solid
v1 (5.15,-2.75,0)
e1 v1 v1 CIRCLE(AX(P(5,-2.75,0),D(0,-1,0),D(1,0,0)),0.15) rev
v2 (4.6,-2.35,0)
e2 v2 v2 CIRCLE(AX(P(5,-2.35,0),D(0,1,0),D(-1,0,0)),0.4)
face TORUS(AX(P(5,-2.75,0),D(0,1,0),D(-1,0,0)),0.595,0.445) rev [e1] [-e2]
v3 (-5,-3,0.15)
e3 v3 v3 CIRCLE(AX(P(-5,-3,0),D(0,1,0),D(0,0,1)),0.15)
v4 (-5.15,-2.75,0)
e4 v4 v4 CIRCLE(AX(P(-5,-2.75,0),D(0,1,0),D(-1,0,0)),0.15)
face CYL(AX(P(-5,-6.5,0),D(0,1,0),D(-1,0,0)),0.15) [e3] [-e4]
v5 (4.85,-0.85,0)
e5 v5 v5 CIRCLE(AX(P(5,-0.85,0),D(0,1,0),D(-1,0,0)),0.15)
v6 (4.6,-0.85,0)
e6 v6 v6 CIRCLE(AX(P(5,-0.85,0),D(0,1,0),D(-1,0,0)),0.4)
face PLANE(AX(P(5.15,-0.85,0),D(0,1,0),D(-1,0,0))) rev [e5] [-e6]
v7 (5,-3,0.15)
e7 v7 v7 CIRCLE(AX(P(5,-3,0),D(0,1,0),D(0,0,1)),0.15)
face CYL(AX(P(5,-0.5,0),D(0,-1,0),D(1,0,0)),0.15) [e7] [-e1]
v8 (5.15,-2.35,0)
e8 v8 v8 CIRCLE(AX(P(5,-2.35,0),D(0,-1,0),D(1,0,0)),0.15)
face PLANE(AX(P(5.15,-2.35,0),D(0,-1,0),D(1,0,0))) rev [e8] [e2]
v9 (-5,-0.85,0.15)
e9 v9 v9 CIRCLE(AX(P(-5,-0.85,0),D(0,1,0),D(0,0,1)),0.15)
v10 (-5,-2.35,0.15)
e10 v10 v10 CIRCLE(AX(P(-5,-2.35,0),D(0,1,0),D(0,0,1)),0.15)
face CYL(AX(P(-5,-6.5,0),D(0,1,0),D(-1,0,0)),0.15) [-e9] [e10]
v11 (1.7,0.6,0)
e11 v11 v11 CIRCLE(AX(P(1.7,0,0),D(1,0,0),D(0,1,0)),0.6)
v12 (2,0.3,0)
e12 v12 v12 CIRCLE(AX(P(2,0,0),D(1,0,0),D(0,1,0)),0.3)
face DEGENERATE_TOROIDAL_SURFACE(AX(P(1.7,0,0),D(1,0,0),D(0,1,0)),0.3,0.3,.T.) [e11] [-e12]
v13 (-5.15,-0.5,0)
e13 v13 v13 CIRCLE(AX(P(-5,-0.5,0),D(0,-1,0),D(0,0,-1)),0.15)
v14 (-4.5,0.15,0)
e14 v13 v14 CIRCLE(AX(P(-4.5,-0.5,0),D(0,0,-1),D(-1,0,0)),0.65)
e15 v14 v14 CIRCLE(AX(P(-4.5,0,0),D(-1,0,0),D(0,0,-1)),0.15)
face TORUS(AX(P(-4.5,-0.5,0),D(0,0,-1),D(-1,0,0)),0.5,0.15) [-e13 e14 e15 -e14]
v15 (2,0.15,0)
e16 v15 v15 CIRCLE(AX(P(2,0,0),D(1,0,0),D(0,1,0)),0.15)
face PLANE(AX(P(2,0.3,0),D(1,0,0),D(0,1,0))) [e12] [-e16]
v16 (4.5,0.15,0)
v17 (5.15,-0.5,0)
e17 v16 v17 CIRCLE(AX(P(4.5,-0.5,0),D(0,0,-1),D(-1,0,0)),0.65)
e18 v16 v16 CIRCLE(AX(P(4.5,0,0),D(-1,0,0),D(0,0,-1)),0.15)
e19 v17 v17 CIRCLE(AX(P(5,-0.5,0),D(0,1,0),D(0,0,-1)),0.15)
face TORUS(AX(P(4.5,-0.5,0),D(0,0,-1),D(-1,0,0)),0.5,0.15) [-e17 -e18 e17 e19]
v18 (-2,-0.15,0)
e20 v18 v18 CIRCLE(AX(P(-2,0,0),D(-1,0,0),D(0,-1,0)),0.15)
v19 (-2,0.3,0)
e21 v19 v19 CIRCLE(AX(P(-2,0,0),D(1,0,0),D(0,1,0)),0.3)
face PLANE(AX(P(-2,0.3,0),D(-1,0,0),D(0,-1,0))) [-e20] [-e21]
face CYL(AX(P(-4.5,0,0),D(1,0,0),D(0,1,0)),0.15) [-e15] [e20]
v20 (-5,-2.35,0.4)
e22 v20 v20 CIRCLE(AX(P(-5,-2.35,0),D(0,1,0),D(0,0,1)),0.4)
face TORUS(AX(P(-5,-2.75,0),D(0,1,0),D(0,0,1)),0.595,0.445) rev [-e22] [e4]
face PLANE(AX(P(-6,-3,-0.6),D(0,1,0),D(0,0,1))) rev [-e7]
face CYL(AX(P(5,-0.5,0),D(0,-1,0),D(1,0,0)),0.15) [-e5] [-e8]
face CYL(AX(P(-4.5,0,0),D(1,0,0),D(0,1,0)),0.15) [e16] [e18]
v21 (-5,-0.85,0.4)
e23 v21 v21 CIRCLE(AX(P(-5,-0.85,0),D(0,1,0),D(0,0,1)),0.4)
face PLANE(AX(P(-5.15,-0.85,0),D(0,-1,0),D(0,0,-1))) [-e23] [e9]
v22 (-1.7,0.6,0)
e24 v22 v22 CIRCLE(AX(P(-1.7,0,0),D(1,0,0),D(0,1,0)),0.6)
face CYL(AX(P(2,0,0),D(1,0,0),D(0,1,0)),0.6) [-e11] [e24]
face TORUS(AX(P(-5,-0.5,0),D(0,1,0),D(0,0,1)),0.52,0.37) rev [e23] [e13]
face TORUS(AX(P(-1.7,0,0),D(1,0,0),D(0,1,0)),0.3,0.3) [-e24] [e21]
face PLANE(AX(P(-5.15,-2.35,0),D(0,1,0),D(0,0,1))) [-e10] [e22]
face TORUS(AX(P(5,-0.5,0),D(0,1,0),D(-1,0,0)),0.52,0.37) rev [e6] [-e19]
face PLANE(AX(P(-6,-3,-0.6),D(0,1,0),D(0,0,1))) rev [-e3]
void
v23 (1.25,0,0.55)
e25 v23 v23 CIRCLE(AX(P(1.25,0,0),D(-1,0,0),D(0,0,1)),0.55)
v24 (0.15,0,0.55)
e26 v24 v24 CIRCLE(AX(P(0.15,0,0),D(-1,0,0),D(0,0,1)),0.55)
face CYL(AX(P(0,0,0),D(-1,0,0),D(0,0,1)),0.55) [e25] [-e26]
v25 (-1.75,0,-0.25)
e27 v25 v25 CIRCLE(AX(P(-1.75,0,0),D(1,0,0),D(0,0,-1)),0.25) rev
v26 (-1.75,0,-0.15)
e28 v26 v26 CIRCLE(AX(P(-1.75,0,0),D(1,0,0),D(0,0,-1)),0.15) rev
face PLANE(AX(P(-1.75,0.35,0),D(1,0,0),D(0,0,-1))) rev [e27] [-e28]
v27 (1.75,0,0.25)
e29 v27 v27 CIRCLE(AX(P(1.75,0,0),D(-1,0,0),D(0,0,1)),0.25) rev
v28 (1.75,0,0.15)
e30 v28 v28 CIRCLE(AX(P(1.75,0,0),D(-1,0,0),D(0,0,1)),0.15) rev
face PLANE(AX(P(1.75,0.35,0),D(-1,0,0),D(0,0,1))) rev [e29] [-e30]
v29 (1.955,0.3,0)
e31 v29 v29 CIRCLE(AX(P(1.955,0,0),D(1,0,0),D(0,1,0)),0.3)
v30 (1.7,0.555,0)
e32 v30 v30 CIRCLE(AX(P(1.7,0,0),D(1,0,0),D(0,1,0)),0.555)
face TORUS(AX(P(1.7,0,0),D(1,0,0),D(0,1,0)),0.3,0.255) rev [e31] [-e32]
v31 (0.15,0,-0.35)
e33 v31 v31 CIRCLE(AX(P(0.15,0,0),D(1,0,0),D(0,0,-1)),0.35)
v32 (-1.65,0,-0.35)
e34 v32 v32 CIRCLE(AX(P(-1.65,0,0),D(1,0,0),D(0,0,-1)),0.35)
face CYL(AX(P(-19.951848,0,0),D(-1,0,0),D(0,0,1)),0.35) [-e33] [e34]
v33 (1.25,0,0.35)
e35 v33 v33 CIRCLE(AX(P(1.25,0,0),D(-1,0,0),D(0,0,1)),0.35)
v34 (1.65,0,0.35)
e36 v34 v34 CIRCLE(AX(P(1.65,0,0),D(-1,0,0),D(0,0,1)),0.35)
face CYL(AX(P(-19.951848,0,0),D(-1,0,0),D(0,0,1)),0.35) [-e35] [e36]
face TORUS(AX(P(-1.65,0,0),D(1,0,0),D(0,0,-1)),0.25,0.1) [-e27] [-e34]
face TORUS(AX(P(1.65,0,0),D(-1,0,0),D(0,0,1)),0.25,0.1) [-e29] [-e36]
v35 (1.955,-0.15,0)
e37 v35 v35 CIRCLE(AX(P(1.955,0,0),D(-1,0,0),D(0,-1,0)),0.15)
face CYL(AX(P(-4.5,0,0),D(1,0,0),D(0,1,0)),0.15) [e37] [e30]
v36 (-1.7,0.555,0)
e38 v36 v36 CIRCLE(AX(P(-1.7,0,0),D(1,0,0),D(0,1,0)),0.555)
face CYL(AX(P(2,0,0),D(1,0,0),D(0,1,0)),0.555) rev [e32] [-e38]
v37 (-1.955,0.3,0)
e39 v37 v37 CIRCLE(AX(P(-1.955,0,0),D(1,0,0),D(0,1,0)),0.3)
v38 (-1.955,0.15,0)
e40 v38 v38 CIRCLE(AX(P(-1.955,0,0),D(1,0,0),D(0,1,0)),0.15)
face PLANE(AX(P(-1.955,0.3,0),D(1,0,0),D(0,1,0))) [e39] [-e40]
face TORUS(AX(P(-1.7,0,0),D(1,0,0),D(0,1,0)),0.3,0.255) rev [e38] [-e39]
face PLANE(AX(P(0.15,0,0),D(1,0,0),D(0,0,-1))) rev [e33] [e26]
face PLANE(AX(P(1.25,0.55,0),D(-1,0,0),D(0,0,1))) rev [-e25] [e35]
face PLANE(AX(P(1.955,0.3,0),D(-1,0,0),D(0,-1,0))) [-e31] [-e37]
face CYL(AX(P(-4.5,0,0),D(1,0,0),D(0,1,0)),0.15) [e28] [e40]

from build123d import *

# Parameters (mm, degrees)
SKETCH1_W               = 3.5
SKETCH1_H               = 0.35
FILLET1_R               = 0.1
SKETCH2_W               = 1.1
SKETCH2_H               = 0.55
SKETCH3_R               = 0.15
SKETCH6_W               = 12
SKETCH6_H               = 5
CUT_EXTRUDE1_DEPTH      = 1.6000001
CUT_EXTRUDE1_DEPTH_BACK = 1.6000001


with BuildPart() as part:
    # Sketch1 → Base-Revolve (revolve)
    with BuildSketch(Plane.XY, mode=Mode.PRIVATE) as base_revolve_sk:
        with Locations((0, 0.175)):
            Rectangle(SKETCH1_W, SKETCH1_H)
    revolve(base_revolve_sk.sketch.rotate(Axis((-19.951848249, 0, 0), (1, 0, 0)), 90), axis=Axis((-19.951848249, 0, 0), (1, 0, 0)))  # turned: the seam where the file's is

    # Fillet1
    fillet1_edges = [part.edges().sort_by_distance(p)[0] for p in [
        (1.75, 0, -0.35),
        (-1.75, 0, -0.35),
    ]]
    fillet(fillet1_edges, radius=FILLET1_R)

    # Sketch2 → Boss-Revolve1 (revolve)
    with BuildSketch(Plane.XY, mode=Mode.PRIVATE) as boss_revolve1_sk:
        with Locations((0.7, 0.275)):
            Rectangle(SKETCH2_W, SKETCH2_H)
    revolve(boss_revolve1_sk.sketch.rotate(Axis((0, 0, 0), (1, 0, 0)), 90), axis=Axis((0, 0, 0), (1, 0, 0)))  # turned: the seam where the file's is

    # Boss-Sweep1: sweep along a path in Sketch4
    with BuildLine(Plane.XY) as boss_sweep1_path:
        Line((0, -7), (-4.5, -7))
        ThreePointArc((-4.5, -7), (-4.853553391, -6.853553391), (-5, -6.5))
        Line((-5, -6.5), (-5, -0.5))
        ThreePointArc((-5, -0.5), (-4.853553391, -0.146446609), (-4.5, 0))
        Line((-4.5, 0), (4.5, 0))
        ThreePointArc((4.5, 0), (4.853553391, -0.146446609), (5, -0.5))
        Line((5, -0.5), (5, -6.5))
        ThreePointArc((5, -6.5), (4.853553391, -6.853553391), (4.5, -7))
        Line((4.5, -7), (0, -7))
    # Sketch3 → Boss-Sweep1 (sweep)
    with BuildSketch(Plane(origin=(0, 0, 0), x_dir=(0, 0, -1), z_dir=(1, 0, 0))):
        with Locations((0, -7)):
            Circle(SKETCH3_R)
    sweep(path=boss_sweep1_path.line)

    # Sketch5 → Boss-Revolve2 (revolve)
    with BuildSketch(Plane.XY):
        with BuildLine():
            Line((-1.7, 0.6), (1.7, 0.6))
            ThreePointArc((1.7, 0.6), (1.912132034, 0.512132034), (2, 0.3))
            Line((2, 0.3), (2, 0))
            Line((2, 0), (1.955, 0))
            Line((1.955, 0), (1.955, 0.3))
            ThreePointArc((1.955, 0.3), (1.880312229, 0.480312229), (1.7, 0.555))
            Line((1.7, 0.555), (-1.7, 0.555))
            ThreePointArc((-1.7, 0.555), (-1.880312229, 0.480312229), (-1.955, 0.3))
            Line((-1.955, 0.3), (-1.955, 0))
            Line((-1.955, 0), (-2, 0))
            Line((-2, 0), (-2, 0.3))
            ThreePointArc((-2, 0.3), (-1.912132034, 0.512132034), (-1.7, 0.6))
        make_face()
    revolve(axis=Axis((2, 0, 0), (-1, 0, 0)))

    # Sketch6 → Cut-Extrude1 (cut, two sides)
    with BuildSketch(Plane.XY) as cut_extrude1_sk:
        with Locations((0, -5.5)):
            Rectangle(SKETCH6_W, SKETCH6_H)
    extrude(amount=CUT_EXTRUDE1_DEPTH, mode=Mode.SUBTRACT)
    extrude(cut_extrude1_sk.sketch, amount=-CUT_EXTRUDE1_DEPTH_BACK, mode=Mode.SUBTRACT)

    # Sketch7 → Revolve1 (revolve)
    with BuildSketch(Plane.XY, mode=Mode.PRIVATE) as revolve1_sk:
        with BuildLine():
            Line((-5.15, -0.85), (-5.4, -0.85))
            ThreePointArc((-5.4, -0.85), (-5.218918616, -0.715058132), (-5.15, -0.5))
            Line((-5.15, -0.5), (-5.15, -0.85))
        make_face()
        with BuildLine():
            Line((-5.15, -2.35), (-5.15, -2.75))
            ThreePointArc((-5.15, -2.75), (-5.217640755, -2.514150472), (-5.4, -2.35))
            Line((-5.4, -2.35), (-5.15, -2.35))
        make_face()
    revolve(revolve1_sk.sketch.rotate(Axis((-5, -0.5, 0), (0, -1, 0)), 270), axis=Axis((-5, -0.5, 0), (0, -1, 0)))  # turned: the seam where the file's is

    # Sketch8 → Revolve2 (revolve)
    with BuildSketch(Plane.XY):
        with BuildLine():
            Line((5.15, -0.85), (5.4, -0.85))
            ThreePointArc((5.4, -0.85), (5.218918616, -0.715058132), (5.15, -0.5))
            Line((5.15, -0.5), (5.15, -0.85))
        make_face()
        with BuildLine():
            Line((5.15, -2.35), (5.4, -2.35))
            ThreePointArc((5.4, -2.35), (5.217640755, -2.514150472), (5.15, -2.75))
            Line((5.15, -2.75), (5.15, -2.35))
        make_face()
    revolve(axis=Axis((5, -0.5, 0), (0, -1, 0)))


solid = part.part
